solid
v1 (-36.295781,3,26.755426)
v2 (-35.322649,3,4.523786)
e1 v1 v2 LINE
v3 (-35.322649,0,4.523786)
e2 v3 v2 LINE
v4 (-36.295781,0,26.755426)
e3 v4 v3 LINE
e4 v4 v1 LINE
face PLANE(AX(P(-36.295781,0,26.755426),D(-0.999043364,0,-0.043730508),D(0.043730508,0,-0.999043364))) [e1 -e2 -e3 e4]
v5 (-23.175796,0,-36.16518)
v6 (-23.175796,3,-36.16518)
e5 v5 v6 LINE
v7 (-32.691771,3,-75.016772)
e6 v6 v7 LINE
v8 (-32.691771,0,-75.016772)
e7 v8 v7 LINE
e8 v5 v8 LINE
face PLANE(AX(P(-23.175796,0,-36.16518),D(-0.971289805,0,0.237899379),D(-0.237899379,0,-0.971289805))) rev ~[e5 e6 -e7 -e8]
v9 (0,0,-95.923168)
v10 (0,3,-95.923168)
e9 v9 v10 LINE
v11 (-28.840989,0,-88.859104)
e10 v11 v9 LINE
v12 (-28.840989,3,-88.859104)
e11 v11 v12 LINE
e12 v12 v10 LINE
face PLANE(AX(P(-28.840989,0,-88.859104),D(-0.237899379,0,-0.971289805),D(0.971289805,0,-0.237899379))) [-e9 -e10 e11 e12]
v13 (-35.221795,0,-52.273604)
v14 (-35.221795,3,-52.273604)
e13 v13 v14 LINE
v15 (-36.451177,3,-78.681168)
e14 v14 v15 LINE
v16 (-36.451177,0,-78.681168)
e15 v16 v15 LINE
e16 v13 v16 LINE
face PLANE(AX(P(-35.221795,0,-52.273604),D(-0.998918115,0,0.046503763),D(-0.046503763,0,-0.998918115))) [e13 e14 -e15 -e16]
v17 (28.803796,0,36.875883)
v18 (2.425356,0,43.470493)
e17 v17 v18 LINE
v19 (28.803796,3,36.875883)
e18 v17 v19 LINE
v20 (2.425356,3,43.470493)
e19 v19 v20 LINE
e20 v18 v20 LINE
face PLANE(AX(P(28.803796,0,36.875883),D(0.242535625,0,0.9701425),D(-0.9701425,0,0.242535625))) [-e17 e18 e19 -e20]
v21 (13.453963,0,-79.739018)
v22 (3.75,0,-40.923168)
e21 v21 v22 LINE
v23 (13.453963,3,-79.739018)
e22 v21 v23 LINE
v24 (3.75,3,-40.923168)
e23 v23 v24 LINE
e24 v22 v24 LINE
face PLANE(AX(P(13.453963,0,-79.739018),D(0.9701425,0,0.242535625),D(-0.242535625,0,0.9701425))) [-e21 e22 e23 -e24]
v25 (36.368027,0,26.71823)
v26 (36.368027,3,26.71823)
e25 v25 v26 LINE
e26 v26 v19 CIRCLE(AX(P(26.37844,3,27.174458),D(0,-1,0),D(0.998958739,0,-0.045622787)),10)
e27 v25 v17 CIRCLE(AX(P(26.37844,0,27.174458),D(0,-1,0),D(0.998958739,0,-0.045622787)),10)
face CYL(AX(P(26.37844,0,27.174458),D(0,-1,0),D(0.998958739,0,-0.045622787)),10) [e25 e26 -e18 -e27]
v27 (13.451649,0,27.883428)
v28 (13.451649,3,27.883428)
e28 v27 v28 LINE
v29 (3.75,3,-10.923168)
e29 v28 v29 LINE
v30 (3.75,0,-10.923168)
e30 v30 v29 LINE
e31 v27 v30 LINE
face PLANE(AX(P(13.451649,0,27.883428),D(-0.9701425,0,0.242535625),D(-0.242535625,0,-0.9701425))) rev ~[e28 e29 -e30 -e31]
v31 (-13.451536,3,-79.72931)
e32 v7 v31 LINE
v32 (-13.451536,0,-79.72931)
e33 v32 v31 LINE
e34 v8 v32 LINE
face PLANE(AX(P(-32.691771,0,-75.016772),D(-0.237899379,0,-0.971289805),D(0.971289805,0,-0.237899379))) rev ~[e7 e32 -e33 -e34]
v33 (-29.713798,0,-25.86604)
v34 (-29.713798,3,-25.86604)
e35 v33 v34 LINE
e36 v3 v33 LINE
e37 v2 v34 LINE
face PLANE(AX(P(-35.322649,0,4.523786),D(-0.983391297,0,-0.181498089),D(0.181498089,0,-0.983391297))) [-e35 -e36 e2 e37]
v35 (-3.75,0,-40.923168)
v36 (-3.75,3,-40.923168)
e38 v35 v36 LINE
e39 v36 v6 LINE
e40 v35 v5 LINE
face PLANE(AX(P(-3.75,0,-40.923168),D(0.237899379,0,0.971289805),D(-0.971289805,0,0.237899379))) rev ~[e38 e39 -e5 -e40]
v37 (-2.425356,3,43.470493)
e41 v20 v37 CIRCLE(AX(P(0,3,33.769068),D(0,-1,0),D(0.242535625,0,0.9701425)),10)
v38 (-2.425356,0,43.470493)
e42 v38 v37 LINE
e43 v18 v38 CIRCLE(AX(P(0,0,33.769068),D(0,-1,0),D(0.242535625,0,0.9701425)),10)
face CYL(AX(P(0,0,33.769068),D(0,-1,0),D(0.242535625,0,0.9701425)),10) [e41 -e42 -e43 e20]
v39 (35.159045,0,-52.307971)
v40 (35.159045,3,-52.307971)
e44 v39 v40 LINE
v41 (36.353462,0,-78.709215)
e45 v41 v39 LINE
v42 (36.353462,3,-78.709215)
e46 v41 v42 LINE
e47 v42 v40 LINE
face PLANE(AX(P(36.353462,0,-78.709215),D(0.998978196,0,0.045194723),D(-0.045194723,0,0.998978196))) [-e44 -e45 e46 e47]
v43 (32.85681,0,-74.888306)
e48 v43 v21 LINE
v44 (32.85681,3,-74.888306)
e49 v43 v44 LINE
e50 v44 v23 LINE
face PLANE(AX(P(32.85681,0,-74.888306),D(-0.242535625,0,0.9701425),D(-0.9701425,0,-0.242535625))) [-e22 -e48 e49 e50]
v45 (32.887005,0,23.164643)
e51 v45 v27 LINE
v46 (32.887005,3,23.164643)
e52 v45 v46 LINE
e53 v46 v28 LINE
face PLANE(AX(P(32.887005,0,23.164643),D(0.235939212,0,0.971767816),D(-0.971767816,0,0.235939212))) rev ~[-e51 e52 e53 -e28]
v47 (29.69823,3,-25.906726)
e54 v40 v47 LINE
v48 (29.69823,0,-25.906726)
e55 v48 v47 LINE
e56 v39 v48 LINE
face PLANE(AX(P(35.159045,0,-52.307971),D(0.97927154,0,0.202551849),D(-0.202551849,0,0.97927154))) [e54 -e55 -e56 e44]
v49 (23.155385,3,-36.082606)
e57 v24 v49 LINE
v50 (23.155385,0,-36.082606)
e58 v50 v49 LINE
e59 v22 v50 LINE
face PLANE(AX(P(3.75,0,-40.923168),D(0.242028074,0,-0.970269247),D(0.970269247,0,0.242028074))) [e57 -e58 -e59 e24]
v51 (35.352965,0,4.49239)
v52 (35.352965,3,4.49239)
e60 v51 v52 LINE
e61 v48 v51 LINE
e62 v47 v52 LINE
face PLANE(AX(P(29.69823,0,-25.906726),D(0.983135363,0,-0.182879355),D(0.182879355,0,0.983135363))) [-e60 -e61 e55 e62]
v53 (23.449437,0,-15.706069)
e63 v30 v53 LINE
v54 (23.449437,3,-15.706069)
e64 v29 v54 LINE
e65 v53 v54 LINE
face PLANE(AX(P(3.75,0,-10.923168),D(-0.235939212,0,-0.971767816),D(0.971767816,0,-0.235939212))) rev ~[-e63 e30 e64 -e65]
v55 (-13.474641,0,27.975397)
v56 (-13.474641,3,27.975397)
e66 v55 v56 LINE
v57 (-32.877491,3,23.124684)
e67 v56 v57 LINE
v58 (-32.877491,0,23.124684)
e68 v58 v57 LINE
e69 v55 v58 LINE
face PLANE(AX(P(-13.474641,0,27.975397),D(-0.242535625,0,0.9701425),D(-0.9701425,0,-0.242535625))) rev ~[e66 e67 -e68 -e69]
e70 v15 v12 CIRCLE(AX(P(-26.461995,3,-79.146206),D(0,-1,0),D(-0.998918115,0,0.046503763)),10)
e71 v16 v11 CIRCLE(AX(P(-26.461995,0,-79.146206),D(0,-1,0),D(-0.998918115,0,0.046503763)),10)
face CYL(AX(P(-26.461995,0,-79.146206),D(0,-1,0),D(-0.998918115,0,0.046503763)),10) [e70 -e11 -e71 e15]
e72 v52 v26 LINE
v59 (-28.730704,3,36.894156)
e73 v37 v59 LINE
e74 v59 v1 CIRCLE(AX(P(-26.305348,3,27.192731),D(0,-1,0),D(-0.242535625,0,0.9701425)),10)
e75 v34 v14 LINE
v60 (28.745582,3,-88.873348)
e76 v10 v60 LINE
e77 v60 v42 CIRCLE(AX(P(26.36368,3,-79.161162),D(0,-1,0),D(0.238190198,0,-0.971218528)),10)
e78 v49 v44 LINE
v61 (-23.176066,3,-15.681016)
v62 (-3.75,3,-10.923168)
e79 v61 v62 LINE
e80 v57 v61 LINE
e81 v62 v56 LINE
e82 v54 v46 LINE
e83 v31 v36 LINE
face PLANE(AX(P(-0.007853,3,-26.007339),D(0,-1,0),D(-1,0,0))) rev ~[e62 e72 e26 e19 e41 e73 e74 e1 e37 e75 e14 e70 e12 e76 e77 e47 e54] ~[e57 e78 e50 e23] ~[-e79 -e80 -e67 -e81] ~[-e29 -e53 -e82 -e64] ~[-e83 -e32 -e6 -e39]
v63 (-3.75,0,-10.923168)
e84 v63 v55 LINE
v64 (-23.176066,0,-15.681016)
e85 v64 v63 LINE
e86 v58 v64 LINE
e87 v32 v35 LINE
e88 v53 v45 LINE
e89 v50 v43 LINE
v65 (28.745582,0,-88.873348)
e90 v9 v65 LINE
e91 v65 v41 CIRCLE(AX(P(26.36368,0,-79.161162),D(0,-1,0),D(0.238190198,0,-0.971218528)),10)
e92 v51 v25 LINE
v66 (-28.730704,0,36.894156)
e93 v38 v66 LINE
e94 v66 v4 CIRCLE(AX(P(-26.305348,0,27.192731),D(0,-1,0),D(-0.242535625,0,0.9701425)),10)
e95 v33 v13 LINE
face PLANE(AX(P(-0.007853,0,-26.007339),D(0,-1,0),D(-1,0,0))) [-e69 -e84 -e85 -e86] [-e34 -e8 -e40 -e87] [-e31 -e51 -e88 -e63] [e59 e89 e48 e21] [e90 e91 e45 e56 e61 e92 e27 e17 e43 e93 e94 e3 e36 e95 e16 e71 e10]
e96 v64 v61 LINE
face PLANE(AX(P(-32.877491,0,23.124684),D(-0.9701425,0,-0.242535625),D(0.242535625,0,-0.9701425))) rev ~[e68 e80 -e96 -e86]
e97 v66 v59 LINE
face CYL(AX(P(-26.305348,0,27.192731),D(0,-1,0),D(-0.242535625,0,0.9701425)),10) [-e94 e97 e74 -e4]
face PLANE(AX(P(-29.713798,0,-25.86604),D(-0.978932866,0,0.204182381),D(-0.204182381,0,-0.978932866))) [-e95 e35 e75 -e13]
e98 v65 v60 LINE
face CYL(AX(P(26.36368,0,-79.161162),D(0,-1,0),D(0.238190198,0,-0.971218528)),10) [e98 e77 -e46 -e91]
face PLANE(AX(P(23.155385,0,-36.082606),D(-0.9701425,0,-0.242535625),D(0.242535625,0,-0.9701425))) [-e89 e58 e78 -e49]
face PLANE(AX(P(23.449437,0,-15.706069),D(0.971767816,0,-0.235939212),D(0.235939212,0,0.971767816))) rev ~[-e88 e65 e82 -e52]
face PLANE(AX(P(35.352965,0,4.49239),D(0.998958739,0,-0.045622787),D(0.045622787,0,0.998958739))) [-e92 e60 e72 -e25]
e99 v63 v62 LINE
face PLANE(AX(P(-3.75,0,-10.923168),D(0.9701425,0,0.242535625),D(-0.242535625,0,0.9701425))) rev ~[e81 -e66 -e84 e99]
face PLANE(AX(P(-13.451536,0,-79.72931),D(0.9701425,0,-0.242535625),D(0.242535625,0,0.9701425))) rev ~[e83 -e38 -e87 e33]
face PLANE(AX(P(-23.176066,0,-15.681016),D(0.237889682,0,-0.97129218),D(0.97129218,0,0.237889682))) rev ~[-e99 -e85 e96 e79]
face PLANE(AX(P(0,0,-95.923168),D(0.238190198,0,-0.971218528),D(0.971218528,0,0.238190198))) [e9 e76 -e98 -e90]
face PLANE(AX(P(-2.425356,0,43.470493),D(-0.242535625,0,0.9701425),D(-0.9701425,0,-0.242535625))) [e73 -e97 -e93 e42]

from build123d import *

# Parameters (mm, degrees)
SALIENTE_EXTRUIR1_DEPTH = 3


with BuildPart() as part:
    # Croquis1 → Saliente-Extruir1 (new body)
    with BuildSketch(Plane(origin=(0, 0, 0), x_dir=(1, 0, 0), z_dir=(0, 1, 0))):
        with BuildLine():
            Line((-35.322649353, -4.523785763), (-29.713798408, 25.866039525))
            Line((-29.713798408, 25.866039525), (-35.221795469, 52.273603799))
            Line((-35.221795469, 52.273603799), (-36.45117663, 78.681168073))
            ThreePointArc((-36.45117663, 78.681168073), (-34.470773885, 85.134483293), (-28.840989272, 88.859103754))
            Line((-28.840989272, 88.859103754), (0, 95.923167849))
            Line((0, 95.923167849), (28.745582144, 88.873347738))
            ThreePointArc((28.745582144, 88.873347738), (34.369430491, 85.153487685), (36.353462125, 78.709215227))
            Line((36.353462125, 78.709215227), (35.159044734, 52.307970662))
            Line((35.159044734, 52.307970662), (29.69822954, 25.906726097))
            Line((29.69822954, 25.906726097), (35.352965357, -4.492390106))
            Line((35.352965357, -4.492390106), (36.368027066, -26.718230301))
            ThreePointArc((36.368027066, -26.718230301), (34.398862632, -33.147130574), (28.803795931, -36.875883169))
            Line((28.803795931, -36.875883169), (2.42535625, -43.470493089))
            ThreePointArc((2.42535625, -43.470493089), (0, -43.769068087), (-2.42535625, -43.470493089))
            Line((-2.42535625, -43.470493089), (-28.730703822, -36.894156196))
            ThreePointArc((-28.730703822, -36.894156196), (-34.320110297, -33.172996946), (-36.295781209, -26.755426116))
            Line((-36.295781209, -26.755426116), (-35.322649353, -4.523785763))
        make_face()
        Polygon((-3.75, 40.923167849), (-23.175796102, 36.165180269), (-32.691771262, 75.016772472), (-13.451535653, 79.72931046), align=None, mode=Mode.SUBTRACT)
        Polygon((13.453962591, 79.739018214), (3.75, 40.923167849), (23.155384938, 36.082606371), (32.856809939, 74.888306377), align=None, mode=Mode.SUBTRACT)
        Polygon((-3.75, 10.923167849), (-13.474641094, -27.975396528), (-32.877491097, -23.124684028), (-23.176066096, 15.681015978), align=None, mode=Mode.SUBTRACT)
        Polygon((3.75, 10.923167849), (23.449436749, 15.706069173), (32.88700521, -23.164643472), (13.451648888, -27.883427703), align=None, mode=Mode.SUBTRACT)
    extrude(amount=SALIENTE_EXTRUIR1_DEPTH)


solid = part.part
